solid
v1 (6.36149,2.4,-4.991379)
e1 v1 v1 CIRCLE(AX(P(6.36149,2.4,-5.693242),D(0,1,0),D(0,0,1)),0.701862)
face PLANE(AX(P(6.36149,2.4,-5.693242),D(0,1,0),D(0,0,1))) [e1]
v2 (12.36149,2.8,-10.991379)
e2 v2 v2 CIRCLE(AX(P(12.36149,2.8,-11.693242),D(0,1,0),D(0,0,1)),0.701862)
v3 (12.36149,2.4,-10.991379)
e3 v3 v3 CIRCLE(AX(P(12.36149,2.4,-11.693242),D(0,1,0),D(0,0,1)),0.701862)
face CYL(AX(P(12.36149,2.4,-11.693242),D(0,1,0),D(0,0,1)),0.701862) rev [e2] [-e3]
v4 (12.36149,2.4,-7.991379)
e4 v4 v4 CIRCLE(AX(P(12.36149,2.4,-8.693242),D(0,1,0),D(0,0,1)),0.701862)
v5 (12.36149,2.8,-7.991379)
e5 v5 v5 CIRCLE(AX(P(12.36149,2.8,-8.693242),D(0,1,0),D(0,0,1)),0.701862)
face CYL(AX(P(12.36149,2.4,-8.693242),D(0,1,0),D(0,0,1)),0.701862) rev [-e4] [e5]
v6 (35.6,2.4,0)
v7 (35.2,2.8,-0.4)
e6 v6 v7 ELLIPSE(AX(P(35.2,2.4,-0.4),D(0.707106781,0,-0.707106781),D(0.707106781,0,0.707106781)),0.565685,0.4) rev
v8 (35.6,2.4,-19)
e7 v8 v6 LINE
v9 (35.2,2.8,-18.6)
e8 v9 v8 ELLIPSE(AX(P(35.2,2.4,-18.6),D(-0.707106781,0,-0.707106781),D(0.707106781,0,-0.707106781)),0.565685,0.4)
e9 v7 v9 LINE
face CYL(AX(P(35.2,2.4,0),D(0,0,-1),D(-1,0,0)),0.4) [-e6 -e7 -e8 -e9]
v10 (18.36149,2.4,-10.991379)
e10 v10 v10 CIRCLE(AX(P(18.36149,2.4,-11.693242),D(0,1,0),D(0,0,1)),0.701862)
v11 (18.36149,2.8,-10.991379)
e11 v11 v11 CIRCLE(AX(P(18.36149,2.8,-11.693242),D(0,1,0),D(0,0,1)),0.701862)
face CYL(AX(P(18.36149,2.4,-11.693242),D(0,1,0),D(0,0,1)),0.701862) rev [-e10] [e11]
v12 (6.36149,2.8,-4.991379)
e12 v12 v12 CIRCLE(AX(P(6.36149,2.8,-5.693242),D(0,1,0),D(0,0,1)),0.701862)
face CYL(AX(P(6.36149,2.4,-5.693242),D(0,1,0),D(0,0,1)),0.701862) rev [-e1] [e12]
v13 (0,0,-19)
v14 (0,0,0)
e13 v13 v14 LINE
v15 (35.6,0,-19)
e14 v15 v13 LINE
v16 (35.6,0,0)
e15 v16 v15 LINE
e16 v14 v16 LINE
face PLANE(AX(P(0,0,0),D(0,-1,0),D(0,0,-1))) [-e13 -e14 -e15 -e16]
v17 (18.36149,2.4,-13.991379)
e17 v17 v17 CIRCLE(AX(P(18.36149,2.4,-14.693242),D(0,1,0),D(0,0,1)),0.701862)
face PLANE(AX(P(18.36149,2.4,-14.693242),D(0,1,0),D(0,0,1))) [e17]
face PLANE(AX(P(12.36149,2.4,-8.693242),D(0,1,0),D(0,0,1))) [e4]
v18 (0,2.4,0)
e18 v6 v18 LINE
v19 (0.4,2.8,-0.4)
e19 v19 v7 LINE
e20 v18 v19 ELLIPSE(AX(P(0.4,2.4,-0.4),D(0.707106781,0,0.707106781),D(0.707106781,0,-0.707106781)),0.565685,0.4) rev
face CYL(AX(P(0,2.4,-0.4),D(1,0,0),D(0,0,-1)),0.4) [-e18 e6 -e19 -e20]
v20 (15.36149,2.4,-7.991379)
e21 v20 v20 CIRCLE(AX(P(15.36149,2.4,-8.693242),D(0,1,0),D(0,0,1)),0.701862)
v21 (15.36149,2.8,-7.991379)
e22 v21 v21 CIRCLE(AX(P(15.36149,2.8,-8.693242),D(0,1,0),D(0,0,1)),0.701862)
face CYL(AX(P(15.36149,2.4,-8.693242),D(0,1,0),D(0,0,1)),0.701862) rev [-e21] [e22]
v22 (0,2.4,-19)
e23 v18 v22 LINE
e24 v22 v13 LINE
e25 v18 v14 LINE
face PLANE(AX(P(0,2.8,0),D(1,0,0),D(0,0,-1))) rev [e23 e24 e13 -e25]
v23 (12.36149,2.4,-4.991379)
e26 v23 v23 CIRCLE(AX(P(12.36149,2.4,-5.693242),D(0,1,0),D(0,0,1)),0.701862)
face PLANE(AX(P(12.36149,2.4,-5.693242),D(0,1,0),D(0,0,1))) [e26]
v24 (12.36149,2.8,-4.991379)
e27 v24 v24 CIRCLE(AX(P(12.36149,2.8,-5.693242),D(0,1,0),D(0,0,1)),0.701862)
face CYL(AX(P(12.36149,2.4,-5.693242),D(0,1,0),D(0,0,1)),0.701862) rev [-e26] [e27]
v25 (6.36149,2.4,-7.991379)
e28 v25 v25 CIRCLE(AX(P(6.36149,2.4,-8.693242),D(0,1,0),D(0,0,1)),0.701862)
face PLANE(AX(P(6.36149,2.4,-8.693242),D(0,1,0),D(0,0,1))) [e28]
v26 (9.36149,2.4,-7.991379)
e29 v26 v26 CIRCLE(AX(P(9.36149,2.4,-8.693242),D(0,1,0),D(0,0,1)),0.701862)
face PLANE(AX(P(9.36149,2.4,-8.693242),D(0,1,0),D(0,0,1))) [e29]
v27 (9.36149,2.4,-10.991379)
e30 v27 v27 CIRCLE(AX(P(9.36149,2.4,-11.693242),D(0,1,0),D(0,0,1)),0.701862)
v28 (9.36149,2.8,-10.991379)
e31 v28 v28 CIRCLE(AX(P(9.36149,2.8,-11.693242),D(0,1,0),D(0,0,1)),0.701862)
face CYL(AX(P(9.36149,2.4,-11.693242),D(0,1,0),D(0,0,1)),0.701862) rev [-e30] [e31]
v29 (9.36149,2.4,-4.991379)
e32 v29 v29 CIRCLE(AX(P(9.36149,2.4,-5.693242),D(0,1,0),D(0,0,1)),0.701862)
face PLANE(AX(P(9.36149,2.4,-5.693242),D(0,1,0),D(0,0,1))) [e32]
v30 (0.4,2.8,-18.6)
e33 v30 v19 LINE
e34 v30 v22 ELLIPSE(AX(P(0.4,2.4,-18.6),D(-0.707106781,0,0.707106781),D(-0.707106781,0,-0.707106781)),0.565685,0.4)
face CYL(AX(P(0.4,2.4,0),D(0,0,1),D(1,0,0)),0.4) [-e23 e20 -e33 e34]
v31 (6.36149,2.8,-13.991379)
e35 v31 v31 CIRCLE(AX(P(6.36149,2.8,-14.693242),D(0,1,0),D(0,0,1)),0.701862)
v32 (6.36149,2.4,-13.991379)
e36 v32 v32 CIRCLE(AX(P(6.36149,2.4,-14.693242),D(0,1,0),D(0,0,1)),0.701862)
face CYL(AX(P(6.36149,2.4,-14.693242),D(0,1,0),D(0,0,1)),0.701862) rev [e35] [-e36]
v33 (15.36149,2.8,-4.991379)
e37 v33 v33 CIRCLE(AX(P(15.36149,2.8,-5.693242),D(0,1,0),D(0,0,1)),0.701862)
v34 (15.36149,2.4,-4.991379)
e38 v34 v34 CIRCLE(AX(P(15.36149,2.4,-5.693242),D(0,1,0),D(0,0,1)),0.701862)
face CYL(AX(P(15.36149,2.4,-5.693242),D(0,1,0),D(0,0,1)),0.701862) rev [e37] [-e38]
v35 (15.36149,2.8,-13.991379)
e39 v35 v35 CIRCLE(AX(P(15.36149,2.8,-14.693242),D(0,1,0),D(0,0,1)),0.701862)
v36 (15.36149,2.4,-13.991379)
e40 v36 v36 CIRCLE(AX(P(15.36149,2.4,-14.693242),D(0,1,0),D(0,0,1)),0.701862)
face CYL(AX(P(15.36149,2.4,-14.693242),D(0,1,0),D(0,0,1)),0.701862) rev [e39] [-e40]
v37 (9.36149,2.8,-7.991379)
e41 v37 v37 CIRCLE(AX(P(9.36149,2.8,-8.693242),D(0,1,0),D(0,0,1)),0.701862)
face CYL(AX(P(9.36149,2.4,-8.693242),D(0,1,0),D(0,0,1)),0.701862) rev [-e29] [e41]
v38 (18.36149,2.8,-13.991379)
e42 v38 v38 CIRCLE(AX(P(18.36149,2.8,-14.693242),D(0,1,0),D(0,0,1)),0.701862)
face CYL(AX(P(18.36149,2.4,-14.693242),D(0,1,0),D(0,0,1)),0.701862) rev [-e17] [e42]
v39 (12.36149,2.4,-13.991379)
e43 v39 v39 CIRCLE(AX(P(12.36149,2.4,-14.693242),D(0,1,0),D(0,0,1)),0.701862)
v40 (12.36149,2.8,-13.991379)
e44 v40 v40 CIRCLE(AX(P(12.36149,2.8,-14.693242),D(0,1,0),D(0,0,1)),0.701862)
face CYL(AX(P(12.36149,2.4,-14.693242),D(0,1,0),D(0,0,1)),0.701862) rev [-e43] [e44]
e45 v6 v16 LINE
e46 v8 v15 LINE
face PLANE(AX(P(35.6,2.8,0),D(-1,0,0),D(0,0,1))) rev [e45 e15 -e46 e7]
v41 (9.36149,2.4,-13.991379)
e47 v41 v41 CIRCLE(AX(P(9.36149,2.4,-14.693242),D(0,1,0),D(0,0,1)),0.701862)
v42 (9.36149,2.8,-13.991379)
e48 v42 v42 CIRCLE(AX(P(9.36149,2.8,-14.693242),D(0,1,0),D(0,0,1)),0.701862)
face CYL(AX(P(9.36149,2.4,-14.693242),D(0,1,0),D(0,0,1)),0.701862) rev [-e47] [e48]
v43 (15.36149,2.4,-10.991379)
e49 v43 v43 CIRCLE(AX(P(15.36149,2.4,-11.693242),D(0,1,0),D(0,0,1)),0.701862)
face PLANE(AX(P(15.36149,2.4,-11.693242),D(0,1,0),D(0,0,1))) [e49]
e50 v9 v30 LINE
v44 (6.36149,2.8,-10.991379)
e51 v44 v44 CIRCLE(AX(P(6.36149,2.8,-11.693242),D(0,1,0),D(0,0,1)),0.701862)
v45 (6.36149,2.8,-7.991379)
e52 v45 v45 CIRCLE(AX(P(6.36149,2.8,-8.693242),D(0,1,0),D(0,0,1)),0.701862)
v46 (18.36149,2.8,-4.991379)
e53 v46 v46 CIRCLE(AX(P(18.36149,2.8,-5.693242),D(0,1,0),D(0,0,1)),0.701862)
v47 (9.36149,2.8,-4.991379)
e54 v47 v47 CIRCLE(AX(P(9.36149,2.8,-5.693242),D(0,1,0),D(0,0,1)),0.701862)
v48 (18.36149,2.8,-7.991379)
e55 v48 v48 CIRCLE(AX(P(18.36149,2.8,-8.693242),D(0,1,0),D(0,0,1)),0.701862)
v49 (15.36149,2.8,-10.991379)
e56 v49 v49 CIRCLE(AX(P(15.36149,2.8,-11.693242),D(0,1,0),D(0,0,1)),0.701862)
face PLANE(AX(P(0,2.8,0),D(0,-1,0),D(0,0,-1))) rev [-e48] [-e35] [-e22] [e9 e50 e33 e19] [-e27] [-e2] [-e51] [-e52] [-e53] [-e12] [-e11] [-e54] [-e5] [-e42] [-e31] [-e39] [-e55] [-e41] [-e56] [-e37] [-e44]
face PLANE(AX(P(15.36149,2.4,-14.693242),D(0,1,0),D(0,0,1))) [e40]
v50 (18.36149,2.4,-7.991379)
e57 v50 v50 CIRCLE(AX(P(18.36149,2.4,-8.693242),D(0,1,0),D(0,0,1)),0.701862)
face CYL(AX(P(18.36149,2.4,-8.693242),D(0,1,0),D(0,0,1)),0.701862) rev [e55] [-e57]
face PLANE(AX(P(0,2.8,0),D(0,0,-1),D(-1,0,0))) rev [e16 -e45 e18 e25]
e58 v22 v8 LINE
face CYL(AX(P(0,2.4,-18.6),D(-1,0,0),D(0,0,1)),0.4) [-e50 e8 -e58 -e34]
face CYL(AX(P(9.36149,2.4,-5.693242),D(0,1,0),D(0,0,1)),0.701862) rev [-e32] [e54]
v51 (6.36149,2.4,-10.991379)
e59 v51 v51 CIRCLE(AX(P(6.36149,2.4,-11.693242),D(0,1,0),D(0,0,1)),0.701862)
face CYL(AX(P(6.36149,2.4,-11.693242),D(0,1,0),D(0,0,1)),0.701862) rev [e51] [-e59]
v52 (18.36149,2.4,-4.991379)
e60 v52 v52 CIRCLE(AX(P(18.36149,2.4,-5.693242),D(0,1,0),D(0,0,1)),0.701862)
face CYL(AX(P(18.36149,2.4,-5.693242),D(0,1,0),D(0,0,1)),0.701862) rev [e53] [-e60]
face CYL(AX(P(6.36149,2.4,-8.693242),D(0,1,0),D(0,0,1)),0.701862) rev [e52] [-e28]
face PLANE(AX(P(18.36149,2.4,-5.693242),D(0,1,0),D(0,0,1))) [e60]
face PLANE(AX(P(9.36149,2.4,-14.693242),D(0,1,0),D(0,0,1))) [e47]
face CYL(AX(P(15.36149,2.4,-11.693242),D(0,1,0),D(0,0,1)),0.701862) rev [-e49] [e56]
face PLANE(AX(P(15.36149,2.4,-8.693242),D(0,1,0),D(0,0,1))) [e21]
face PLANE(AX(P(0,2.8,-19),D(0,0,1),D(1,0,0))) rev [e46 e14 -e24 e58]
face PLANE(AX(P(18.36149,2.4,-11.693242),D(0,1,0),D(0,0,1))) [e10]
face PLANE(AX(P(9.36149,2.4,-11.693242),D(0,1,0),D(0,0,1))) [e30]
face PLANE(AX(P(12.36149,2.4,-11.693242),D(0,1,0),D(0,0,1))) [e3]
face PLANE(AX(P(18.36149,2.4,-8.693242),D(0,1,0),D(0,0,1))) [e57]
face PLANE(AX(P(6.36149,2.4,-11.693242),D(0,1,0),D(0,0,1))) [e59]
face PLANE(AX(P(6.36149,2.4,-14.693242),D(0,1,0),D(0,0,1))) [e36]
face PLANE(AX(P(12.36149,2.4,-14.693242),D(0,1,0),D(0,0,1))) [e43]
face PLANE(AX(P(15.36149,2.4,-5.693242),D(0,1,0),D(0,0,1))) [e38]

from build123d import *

# Parameters (mm, degrees)
ESQUISSE1_W                     = 35.6
ESQUISSE1_H                     = 19
BOSS_EXTRU_1_DEPTH              = 2.8
CONG_1_R                        = 0.4
ESQUISSE2_R                     = 0.701862225
ENL_V_MAT_EXTRU_1_DEPTH         = 0.4
R_P_TITION_LIN_AIRE1_COUNT      = 5
R_P_TITION_LIN_AIRE1_PITCH      = 3
R_P_TITION_LIN_AIRE1_COUNT_DIR2 = 4
R_P_TITION_LIN_AIRE1_PITCH_DIR2 = 3


with BuildPart() as part:
    # Esquisse1 → Boss.-Extru.1 (new body)
    with BuildSketch(Plane(origin=(0, 0, 0), x_dir=(1, 0, 0), z_dir=(0, 1, 0))):
        with Locations((17.8, 9.5)):
            Rectangle(ESQUISSE1_W, ESQUISSE1_H)
    extrude(amount=BOSS_EXTRU_1_DEPTH)

    # Congé1
    cong_1_edges = [part.edges().sort_by_distance(p)[0] for p in [
        (35.6, 2.8, -9.5),
        (17.8, 2.8, -19),
        (0, 2.8, -9.5),
        (17.8, 2.8, 0),
    ]]
    fillet(cong_1_edges, radius=CONG_1_R)

    # Esquisse2 → Enlèv. mat.-Extru.1 (cut)
    with BuildSketch(Plane(origin=(0, 2.8, 0), x_dir=(1, 0, 0), z_dir=(0, 1, 0))):
        with Locations(Location((6.361489544, 14.69324156, 0), (0, 0, 270))):
            Circle(ESQUISSE2_R)
    enl_v_mat_extru_1 = extrude(amount=-ENL_V_MAT_EXTRU_1_DEPTH, mode=Mode.SUBTRACT)

    # Répétition linéaire1: Enl_v. mat.-Extru.1 5 × 4
    with Locations(*[(i * R_P_TITION_LIN_AIRE1_PITCH, 0, j * R_P_TITION_LIN_AIRE1_PITCH_DIR2) for i in range(R_P_TITION_LIN_AIRE1_COUNT) for j in range(R_P_TITION_LIN_AIRE1_COUNT_DIR2) if (i, j) != (0, 0)]):
        add(enl_v_mat_extru_1, mode=Mode.SUBTRACT)


solid = part.part
